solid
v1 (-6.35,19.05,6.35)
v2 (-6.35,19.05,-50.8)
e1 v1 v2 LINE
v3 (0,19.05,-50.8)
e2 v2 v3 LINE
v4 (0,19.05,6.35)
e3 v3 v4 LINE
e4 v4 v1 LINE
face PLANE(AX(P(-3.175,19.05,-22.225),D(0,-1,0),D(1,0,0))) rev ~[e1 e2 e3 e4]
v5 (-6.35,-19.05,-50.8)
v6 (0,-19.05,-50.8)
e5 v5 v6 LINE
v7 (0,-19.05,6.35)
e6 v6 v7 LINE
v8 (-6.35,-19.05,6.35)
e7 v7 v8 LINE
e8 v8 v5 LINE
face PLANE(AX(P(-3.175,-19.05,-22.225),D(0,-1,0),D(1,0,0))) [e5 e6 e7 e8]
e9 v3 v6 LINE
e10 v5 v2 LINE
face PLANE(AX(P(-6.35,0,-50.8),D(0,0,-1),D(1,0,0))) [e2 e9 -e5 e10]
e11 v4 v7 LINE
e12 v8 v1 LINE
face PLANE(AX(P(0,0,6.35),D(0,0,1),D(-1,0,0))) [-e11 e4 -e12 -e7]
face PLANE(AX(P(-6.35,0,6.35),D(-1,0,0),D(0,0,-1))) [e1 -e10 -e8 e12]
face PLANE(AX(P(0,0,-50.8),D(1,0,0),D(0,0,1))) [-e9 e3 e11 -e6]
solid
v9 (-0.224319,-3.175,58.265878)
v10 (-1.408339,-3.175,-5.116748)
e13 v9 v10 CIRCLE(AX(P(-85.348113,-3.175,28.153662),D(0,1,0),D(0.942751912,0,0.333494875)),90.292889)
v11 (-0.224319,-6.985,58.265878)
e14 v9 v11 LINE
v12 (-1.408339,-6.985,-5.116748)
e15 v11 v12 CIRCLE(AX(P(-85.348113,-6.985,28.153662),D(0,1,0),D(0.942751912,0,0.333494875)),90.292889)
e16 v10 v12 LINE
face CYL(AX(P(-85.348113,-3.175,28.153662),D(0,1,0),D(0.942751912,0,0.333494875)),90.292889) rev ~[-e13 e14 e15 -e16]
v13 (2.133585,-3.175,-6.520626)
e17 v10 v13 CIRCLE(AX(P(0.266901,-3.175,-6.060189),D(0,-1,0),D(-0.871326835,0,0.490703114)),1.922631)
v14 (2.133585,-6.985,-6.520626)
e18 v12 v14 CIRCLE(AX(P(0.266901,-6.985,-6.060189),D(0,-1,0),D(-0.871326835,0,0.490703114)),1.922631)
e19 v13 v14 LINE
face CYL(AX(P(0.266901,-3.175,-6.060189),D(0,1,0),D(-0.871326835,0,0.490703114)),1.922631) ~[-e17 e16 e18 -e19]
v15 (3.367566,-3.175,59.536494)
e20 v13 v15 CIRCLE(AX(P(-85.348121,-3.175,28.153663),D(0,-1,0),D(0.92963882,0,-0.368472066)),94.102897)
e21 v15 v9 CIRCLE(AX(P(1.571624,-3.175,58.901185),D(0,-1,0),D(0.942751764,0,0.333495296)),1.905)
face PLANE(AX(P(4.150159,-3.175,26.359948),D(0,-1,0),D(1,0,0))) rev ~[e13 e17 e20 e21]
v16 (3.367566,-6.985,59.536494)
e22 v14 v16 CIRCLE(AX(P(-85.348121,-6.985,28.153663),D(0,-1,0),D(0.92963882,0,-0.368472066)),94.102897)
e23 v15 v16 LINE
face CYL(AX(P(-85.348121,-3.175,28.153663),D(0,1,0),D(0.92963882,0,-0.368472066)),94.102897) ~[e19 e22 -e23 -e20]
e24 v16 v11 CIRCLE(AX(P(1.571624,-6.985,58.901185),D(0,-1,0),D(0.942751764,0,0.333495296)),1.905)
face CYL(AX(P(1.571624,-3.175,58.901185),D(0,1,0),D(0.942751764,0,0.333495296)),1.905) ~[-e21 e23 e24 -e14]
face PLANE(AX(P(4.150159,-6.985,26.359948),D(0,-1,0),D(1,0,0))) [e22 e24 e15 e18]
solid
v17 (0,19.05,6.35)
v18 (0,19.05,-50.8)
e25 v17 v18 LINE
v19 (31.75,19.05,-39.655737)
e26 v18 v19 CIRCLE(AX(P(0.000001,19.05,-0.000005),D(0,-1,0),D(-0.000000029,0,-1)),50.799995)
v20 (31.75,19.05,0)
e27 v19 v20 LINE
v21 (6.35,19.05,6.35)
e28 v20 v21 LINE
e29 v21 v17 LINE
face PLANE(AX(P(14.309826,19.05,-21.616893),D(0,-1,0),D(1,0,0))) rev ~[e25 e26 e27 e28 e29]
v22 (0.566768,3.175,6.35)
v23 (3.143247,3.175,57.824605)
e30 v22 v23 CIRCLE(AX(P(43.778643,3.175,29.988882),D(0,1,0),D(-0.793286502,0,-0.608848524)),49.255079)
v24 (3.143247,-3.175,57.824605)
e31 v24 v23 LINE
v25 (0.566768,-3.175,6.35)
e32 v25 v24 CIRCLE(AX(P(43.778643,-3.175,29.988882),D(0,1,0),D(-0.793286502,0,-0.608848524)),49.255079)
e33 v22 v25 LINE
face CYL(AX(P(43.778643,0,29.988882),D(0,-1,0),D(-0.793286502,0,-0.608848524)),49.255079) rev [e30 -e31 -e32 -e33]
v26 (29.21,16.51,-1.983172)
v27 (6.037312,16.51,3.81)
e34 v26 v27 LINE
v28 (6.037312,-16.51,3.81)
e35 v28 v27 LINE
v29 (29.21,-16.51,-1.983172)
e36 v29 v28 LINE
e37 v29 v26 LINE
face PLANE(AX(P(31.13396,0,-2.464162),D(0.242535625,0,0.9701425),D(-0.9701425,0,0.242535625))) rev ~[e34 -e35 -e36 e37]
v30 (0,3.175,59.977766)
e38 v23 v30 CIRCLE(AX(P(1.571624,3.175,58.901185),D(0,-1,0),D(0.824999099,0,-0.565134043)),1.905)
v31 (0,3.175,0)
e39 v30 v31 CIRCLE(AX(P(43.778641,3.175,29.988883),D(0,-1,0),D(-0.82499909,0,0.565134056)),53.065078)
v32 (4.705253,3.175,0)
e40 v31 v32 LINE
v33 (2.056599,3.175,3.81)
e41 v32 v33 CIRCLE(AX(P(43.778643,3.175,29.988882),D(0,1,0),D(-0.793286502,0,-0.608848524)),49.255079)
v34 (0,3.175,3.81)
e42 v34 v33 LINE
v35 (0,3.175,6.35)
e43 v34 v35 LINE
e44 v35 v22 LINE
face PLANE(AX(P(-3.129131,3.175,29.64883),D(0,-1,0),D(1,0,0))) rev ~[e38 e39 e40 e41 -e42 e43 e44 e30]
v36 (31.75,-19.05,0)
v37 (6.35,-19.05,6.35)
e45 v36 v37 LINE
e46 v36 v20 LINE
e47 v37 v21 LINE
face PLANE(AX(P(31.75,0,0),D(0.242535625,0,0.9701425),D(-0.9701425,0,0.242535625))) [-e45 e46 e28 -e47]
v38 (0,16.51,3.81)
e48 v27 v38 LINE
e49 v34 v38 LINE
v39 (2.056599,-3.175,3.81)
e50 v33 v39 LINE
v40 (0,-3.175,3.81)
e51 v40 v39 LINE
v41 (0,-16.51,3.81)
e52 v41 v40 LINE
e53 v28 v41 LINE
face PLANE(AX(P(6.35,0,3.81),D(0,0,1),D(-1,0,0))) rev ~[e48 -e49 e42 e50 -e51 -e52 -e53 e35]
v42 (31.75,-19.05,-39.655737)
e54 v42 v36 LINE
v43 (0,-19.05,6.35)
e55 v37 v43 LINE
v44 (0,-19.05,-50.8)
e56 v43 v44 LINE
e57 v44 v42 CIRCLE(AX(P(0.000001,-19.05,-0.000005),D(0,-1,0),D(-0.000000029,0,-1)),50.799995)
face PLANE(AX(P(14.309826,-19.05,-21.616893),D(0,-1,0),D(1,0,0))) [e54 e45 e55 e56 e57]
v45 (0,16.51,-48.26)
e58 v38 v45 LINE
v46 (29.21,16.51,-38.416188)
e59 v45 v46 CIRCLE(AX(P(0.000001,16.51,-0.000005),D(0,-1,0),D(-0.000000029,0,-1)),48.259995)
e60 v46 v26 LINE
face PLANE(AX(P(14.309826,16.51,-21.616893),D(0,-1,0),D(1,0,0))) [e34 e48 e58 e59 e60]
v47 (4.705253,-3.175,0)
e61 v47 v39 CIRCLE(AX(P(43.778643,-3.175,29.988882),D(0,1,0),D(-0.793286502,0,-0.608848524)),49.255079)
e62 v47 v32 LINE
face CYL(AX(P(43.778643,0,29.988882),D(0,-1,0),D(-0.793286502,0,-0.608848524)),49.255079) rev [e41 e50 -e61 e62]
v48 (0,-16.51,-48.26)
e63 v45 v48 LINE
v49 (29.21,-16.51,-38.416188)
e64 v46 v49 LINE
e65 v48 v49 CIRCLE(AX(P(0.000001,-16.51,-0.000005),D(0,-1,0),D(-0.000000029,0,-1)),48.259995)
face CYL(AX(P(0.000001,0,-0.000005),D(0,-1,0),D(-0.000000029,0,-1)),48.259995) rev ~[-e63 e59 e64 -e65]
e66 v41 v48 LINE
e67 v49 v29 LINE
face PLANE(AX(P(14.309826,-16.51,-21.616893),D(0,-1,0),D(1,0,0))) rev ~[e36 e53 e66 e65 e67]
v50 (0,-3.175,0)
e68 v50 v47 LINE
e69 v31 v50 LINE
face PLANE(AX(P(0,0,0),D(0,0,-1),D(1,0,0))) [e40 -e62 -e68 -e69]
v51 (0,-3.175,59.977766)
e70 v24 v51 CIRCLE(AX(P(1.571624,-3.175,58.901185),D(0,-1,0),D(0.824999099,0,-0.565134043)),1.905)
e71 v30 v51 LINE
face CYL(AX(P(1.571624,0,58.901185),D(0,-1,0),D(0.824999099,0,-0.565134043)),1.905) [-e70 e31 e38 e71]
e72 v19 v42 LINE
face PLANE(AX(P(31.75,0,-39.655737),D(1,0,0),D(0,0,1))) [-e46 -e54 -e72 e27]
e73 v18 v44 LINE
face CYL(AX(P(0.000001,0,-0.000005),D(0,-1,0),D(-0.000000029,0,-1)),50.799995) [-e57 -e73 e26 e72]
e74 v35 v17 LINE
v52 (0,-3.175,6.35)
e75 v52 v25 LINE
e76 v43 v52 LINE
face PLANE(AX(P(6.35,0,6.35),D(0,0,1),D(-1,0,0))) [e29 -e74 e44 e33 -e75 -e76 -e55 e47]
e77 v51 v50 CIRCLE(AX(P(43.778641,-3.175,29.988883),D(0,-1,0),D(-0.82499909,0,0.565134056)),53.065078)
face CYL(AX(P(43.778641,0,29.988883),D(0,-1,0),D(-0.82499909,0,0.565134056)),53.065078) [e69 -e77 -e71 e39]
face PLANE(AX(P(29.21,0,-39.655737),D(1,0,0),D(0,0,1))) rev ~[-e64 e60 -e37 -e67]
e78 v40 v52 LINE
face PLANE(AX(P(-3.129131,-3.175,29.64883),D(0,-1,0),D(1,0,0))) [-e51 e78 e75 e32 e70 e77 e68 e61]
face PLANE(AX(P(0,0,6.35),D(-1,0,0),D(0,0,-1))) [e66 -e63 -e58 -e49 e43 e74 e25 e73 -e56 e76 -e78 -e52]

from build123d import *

# Parameters (mm, degrees)
F1_DEPTH = 19.05
F2_T     = -2.54
F4_DEPTH = 3.175
F6_DEPTH = 19.05
F8_DEPTH = 3.81


with BuildPart() as f1:
    # F0 (on Front) → F1 (new body, symmetric)
    with BuildSketch(Plane.XZ):
        with BuildLine():
            Line((0, 6.35), (0, 0))
            Line((0, 0), (0, -50.8))
            ThreePointArc((0, -50.8), (16.824514, -47.933034), (31.75, -39.655737))
            Line((31.75, -39.655737), (31.75, 0))
            Line((31.75, 0), (6.35, 6.35))
            Line((6.35, 6.35), (0, 6.35))
        make_face()
    extrude(amount=F1_DEPTH, both=True)

    # F2
    f2_openings = [f1.faces().sort_by_distance(p)[0] for p in [
        (0, 0, -22.225),
    ]]
    offset(amount=F2_T, openings=f2_openings)

    # F3 (on Front) → F4 (join, symmetric)
    with BuildSketch(Plane.XZ):
        with BuildLine():
            ThreePointArc((3.143247, 57.824605), (2.648204, 60.472809), (0, 59.977766))
            ThreePointArc((0, 59.977766), (-9.286437, 29.988883), (0, 0))
            Line((0, 0), (4.705253, 0))
            ThreePointArc((4.705253, 0), (-5.458476, 28.658849), (3.143247, 57.824605))
        make_face()
    extrude(amount=F4_DEPTH, both=True)


with BuildPart() as f6:
    # F5 (on Front) → F6 (new body, symmetric)
    with BuildSketch(Plane.XZ):
        Polygon((-6.35, -50.8), (0, -50.8), (0, 6.35), (-6.35, 6.35), (-6.35, 0), align=None)
    extrude(amount=F6_DEPTH, both=True)


with BuildPart() as f8:
    # F7 (on face) → F8 (new body)
    with BuildSketch(Plane.XZ.offset(3.175)):
        with BuildLine():
            ThreePointArc((-1.408339, -5.116748), (-0.441534, -7.847542), (2.133585, -6.520626))
            ThreePointArc((2.133585, -6.520626), (8.738361, 26.396079), (3.367566, 59.536494))
            ThreePointArc((3.367566, 59.536494), (0.936316, 60.697128), (-0.224319, 58.265878))
            ThreePointArc((-0.224319, 58.265878), (4.929026, 26.467239), (-1.408339, -5.116748))
        make_face()
    extrude(amount=F8_DEPTH)


solid = Compound([f1.part, f6.part, f8.part])
